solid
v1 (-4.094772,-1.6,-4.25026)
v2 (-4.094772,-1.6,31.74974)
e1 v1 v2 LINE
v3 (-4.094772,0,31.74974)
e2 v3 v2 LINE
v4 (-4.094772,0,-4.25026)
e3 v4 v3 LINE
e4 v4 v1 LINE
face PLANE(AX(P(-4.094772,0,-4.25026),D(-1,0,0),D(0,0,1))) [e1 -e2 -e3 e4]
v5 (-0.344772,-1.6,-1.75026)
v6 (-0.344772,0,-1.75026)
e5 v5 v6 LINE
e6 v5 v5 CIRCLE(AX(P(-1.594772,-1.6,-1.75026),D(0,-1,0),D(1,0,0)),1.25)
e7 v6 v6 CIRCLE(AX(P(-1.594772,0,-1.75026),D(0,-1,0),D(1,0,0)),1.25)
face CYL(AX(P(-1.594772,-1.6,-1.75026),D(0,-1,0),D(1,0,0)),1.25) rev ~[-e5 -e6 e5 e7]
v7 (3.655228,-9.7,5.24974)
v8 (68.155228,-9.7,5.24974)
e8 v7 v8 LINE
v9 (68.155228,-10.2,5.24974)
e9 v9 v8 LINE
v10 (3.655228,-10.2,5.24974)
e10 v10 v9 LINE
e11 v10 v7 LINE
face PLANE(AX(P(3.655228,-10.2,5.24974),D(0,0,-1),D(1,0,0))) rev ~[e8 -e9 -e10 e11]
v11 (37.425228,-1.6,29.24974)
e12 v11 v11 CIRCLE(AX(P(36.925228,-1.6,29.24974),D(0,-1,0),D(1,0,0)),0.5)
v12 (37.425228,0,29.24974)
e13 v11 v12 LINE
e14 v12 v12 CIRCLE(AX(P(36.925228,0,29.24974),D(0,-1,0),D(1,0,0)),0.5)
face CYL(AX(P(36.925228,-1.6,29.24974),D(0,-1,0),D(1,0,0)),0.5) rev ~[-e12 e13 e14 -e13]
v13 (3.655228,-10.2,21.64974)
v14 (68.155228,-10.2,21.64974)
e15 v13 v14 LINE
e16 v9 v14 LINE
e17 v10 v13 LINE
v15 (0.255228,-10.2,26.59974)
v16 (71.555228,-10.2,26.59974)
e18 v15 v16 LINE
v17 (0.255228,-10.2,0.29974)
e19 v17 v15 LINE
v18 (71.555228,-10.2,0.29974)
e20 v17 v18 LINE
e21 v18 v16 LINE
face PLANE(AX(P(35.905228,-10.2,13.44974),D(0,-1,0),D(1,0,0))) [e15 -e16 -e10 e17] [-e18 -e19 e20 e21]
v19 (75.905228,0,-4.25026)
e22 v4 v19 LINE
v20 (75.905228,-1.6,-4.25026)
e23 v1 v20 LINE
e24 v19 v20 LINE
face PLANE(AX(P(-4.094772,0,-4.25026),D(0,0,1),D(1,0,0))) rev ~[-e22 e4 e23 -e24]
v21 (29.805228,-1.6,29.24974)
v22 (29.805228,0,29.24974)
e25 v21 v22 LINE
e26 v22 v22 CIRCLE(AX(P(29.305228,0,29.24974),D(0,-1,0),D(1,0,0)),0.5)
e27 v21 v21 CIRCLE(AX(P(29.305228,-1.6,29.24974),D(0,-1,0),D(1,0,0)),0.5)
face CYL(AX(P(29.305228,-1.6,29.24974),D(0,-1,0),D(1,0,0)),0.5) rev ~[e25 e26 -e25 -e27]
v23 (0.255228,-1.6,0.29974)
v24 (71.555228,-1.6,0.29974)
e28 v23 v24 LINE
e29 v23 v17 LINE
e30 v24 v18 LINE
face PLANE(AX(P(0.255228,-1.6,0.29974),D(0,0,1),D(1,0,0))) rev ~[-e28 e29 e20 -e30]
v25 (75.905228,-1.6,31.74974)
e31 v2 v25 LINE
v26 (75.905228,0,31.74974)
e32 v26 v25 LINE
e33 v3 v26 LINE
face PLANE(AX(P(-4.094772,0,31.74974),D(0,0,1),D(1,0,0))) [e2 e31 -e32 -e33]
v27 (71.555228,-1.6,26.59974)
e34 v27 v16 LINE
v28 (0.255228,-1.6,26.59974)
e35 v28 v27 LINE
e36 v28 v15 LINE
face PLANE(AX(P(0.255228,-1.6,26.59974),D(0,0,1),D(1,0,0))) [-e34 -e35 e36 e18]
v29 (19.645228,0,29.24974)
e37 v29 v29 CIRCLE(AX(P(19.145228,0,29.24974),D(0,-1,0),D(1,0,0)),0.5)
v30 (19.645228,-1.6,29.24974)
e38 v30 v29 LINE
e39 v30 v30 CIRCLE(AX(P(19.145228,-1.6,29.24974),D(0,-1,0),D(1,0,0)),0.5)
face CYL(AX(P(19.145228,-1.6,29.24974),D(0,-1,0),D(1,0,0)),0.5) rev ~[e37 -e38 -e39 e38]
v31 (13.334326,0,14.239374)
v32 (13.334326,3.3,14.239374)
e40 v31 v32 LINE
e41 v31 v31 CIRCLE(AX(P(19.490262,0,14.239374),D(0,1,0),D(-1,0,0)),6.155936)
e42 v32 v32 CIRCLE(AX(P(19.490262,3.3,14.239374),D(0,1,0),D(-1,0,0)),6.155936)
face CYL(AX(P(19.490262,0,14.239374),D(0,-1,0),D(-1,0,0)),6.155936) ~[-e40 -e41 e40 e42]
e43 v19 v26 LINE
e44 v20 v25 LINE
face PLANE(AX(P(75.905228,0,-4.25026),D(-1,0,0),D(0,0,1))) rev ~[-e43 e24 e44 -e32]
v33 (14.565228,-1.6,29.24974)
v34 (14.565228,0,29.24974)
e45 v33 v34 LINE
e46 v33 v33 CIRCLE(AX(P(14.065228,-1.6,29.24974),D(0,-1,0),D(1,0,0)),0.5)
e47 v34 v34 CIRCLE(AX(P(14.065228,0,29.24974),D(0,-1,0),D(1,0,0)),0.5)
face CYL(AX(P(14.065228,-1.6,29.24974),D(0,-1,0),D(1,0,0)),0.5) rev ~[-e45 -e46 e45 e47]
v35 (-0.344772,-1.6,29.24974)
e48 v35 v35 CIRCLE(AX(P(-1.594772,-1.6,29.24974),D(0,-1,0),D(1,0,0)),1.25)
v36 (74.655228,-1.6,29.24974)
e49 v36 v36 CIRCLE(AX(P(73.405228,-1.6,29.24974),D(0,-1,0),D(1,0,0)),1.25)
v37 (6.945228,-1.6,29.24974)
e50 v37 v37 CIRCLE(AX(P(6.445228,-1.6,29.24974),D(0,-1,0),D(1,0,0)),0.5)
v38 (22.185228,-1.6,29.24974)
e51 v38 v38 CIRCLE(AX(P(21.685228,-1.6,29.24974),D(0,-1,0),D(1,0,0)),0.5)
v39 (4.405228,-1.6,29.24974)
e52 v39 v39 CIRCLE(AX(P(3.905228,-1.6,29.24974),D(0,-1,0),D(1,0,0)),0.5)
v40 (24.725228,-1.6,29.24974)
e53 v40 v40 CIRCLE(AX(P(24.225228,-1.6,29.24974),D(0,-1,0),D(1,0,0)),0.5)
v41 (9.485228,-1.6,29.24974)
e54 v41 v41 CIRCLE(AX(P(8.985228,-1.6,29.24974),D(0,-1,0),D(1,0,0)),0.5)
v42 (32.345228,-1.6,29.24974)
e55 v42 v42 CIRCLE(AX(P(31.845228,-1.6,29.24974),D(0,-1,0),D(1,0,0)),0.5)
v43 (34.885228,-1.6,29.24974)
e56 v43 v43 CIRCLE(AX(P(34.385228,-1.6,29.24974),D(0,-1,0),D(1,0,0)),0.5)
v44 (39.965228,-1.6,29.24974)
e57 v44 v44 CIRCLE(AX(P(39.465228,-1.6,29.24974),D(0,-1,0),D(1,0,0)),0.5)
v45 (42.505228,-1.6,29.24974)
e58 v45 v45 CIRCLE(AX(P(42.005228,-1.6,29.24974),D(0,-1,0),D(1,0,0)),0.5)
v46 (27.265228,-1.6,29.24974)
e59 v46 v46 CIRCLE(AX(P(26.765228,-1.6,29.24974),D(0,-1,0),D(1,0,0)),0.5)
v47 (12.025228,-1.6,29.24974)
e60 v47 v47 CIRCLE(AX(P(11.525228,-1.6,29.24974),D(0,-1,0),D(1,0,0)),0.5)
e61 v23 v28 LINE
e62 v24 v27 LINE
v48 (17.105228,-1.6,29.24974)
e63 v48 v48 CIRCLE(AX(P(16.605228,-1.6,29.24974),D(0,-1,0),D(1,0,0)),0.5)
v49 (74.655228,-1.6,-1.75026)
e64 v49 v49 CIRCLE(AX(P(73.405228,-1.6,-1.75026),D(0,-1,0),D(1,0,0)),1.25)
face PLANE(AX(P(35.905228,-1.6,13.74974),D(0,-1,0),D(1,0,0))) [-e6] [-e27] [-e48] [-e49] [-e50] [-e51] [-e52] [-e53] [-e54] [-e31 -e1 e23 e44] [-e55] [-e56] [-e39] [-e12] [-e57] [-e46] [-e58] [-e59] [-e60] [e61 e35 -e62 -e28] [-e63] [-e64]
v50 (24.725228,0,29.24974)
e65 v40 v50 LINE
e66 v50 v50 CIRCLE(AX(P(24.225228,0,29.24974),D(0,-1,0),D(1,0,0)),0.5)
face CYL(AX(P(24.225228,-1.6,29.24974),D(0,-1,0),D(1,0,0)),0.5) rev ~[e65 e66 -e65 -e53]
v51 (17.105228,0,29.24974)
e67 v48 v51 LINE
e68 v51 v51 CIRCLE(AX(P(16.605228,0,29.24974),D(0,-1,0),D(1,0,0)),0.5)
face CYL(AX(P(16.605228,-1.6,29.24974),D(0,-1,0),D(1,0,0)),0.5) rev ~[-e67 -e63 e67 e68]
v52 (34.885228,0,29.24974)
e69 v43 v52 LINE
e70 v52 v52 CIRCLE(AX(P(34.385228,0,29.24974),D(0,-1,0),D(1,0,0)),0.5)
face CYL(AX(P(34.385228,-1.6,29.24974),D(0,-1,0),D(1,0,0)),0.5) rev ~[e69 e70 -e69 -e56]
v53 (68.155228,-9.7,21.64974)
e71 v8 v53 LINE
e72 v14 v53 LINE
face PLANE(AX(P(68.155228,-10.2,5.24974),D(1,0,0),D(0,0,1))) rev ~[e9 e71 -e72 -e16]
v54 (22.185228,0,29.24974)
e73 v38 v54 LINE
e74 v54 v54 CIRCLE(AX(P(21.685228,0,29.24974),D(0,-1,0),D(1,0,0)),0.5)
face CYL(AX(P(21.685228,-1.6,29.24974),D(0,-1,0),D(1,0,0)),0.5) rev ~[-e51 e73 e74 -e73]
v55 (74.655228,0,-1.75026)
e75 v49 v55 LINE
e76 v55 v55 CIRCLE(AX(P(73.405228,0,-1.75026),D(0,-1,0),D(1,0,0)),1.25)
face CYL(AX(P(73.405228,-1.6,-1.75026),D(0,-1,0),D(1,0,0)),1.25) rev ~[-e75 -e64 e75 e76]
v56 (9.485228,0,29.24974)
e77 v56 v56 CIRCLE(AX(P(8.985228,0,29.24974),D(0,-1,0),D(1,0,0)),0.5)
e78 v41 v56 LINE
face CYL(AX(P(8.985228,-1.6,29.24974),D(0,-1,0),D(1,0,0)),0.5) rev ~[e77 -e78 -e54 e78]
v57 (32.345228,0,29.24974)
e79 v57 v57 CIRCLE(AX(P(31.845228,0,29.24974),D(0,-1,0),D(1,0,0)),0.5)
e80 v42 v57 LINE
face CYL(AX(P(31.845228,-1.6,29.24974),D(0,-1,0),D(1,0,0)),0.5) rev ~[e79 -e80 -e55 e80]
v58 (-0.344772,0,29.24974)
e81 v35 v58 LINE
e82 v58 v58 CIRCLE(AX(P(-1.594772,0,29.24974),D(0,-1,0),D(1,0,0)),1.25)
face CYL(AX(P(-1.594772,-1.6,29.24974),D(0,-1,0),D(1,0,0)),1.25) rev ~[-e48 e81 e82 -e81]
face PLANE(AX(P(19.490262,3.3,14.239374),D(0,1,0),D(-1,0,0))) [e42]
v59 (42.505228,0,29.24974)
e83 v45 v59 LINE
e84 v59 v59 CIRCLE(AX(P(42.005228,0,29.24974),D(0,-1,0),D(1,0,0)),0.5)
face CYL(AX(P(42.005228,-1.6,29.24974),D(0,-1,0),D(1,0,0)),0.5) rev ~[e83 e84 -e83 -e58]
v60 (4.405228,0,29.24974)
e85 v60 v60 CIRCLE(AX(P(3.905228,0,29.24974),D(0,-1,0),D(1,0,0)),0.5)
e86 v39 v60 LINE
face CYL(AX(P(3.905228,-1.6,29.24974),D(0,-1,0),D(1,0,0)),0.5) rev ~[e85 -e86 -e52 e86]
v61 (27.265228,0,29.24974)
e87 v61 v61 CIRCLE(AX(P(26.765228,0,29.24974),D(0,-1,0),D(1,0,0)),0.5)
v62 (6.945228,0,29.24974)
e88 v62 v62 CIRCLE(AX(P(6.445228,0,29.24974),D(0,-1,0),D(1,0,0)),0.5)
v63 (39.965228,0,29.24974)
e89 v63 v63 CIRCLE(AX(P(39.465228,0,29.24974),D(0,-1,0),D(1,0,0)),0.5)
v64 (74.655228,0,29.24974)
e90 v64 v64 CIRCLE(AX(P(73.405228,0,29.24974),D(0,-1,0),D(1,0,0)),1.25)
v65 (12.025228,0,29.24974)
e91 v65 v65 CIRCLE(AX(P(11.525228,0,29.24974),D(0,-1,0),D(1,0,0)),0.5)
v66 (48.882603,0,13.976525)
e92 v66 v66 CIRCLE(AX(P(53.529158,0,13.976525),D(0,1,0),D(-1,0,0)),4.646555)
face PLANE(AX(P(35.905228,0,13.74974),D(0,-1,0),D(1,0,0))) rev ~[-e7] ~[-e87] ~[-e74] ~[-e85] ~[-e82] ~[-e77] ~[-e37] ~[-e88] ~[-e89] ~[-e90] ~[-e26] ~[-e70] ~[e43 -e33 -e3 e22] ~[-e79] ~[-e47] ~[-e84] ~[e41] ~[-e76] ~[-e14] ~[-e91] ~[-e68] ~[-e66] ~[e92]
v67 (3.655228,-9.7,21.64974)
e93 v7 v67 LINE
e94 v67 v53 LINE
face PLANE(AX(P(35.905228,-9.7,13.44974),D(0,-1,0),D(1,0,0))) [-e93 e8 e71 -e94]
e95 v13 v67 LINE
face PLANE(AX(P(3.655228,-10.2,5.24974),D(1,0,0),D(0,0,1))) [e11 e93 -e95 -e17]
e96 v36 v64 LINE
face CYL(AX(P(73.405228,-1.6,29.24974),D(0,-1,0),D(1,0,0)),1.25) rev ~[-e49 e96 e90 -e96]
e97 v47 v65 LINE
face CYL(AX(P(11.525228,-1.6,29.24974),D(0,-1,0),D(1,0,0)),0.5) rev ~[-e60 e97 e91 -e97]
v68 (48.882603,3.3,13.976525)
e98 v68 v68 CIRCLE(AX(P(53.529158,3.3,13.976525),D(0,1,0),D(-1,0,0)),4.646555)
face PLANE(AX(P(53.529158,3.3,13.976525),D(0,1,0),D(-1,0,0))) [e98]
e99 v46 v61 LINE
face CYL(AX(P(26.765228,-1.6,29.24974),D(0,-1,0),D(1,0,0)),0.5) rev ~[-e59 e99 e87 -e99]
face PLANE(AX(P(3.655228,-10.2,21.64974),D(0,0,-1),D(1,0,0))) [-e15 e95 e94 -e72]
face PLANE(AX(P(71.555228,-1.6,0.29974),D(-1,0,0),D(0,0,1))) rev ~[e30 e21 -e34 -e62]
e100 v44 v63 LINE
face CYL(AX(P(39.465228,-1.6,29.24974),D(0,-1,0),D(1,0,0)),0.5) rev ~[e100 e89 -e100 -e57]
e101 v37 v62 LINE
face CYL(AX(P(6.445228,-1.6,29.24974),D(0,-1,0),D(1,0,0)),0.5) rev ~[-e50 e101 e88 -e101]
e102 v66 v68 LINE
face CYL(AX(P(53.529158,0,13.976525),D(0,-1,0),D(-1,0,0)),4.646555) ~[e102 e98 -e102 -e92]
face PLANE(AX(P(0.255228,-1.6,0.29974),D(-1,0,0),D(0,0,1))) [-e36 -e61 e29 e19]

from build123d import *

# Parameters (mm, degrees)
F0_W      = 80
F0_H      = 36
F1_DEPTH  = 1.6
F2_W      = 71.3
F2_H      = 26.3
F3_DEPTH  = 8.6
F4_W      = 64.5
F4_H      = 16.4
F5_DEPTH  = 0.5
F6_R      = 1.25
F7_DEPTH  = 1.601
F8_R      = 0.5
F9_DEPTH  = 1.601
F10_R     = 4.646555
F10_R_2   = 6.155936
F11_DEPTH = 3.3


with BuildPart() as f1:
    # F0 (on Front) → F1 (new body)
    with BuildSketch(Plane.XZ):
        with Locations((35.905228, 13.74974)):
            Rectangle(F0_W, F0_H)
    extrude(amount=F1_DEPTH)

    # F2 (on face) → F3 (join)
    with BuildSketch(Plane.XZ.offset(1.6)):
        with Locations((35.905228, 13.44974)):
            Rectangle(F2_W, F2_H)
    extrude(amount=F3_DEPTH)

    # F4 (on face) → F5 (cut)
    with BuildSketch(Plane.XZ.offset(10.2)):
        with Locations((35.905228, 13.44974)):
            Rectangle(F4_W, F4_H)
    extrude(amount=-F5_DEPTH, mode=Mode.SUBTRACT)

    # F6 (on face) → F7 (cut, through all)
    with BuildSketch(Plane.XZ.offset(1.6)):
        with Locations((-1.594772, 29.24974)):
            Circle(F6_R)
        with Locations((73.405228, 29.24974)):
            Circle(F6_R)
        with Locations((73.405228, -1.75026)):
            Circle(F6_R)
        with Locations((-1.594772, -1.75026)):
            Circle(F6_R)
    extrude(amount=-F7_DEPTH, mode=Mode.SUBTRACT)

    # F8 (on face) → F9 (cut, through all)
    with BuildSketch(Plane.XZ.offset(1.6)):
        with Locations((3.905228, 29.24974)):
            Circle(F8_R)
        with Locations((6.445228, 29.24974)):
            Circle(F8_R)
        with Locations((8.985228, 29.24974)):
            Circle(F8_R)
        with Locations((11.525228, 29.24974)):
            Circle(F8_R)
        with Locations((14.065228, 29.24974)):
            Circle(F8_R)
        with Locations((16.605228, 29.24974)):
            Circle(F8_R)
        with Locations((19.145228, 29.24974)):
            Circle(F8_R)
        with Locations((21.685228, 29.24974)):
            Circle(F8_R)
        with Locations((24.225228, 29.24974)):
            Circle(F8_R)
        with Locations((26.765228, 29.24974)):
            Circle(F8_R)
        with Locations((29.305228, 29.24974)):
            Circle(F8_R)
        with Locations((31.845228, 29.24974)):
            Circle(F8_R)
        with Locations((34.385228, 29.24974)):
            Circle(F8_R)
        with Locations((36.925228, 29.24974)):
            Circle(F8_R)
        with Locations((39.465228, 29.24974)):
            Circle(F8_R)
        with Locations((42.005228, 29.24974)):
            Circle(F8_R)
    extrude(amount=-F9_DEPTH, mode=Mode.SUBTRACT)

    # F10 (on face) → F11 (join)
    with BuildSketch(Plane(origin=(0, 0, 0), x_dir=(-1, 0, 0), z_dir=(0, 1, 0))):
        with Locations((-53.529158, 13.976525)):
            Circle(F10_R)
        with Locations((-19.490262, 14.239374)):
            Circle(F10_R_2)
    extrude(amount=F11_DEPTH)


solid = f1.part
